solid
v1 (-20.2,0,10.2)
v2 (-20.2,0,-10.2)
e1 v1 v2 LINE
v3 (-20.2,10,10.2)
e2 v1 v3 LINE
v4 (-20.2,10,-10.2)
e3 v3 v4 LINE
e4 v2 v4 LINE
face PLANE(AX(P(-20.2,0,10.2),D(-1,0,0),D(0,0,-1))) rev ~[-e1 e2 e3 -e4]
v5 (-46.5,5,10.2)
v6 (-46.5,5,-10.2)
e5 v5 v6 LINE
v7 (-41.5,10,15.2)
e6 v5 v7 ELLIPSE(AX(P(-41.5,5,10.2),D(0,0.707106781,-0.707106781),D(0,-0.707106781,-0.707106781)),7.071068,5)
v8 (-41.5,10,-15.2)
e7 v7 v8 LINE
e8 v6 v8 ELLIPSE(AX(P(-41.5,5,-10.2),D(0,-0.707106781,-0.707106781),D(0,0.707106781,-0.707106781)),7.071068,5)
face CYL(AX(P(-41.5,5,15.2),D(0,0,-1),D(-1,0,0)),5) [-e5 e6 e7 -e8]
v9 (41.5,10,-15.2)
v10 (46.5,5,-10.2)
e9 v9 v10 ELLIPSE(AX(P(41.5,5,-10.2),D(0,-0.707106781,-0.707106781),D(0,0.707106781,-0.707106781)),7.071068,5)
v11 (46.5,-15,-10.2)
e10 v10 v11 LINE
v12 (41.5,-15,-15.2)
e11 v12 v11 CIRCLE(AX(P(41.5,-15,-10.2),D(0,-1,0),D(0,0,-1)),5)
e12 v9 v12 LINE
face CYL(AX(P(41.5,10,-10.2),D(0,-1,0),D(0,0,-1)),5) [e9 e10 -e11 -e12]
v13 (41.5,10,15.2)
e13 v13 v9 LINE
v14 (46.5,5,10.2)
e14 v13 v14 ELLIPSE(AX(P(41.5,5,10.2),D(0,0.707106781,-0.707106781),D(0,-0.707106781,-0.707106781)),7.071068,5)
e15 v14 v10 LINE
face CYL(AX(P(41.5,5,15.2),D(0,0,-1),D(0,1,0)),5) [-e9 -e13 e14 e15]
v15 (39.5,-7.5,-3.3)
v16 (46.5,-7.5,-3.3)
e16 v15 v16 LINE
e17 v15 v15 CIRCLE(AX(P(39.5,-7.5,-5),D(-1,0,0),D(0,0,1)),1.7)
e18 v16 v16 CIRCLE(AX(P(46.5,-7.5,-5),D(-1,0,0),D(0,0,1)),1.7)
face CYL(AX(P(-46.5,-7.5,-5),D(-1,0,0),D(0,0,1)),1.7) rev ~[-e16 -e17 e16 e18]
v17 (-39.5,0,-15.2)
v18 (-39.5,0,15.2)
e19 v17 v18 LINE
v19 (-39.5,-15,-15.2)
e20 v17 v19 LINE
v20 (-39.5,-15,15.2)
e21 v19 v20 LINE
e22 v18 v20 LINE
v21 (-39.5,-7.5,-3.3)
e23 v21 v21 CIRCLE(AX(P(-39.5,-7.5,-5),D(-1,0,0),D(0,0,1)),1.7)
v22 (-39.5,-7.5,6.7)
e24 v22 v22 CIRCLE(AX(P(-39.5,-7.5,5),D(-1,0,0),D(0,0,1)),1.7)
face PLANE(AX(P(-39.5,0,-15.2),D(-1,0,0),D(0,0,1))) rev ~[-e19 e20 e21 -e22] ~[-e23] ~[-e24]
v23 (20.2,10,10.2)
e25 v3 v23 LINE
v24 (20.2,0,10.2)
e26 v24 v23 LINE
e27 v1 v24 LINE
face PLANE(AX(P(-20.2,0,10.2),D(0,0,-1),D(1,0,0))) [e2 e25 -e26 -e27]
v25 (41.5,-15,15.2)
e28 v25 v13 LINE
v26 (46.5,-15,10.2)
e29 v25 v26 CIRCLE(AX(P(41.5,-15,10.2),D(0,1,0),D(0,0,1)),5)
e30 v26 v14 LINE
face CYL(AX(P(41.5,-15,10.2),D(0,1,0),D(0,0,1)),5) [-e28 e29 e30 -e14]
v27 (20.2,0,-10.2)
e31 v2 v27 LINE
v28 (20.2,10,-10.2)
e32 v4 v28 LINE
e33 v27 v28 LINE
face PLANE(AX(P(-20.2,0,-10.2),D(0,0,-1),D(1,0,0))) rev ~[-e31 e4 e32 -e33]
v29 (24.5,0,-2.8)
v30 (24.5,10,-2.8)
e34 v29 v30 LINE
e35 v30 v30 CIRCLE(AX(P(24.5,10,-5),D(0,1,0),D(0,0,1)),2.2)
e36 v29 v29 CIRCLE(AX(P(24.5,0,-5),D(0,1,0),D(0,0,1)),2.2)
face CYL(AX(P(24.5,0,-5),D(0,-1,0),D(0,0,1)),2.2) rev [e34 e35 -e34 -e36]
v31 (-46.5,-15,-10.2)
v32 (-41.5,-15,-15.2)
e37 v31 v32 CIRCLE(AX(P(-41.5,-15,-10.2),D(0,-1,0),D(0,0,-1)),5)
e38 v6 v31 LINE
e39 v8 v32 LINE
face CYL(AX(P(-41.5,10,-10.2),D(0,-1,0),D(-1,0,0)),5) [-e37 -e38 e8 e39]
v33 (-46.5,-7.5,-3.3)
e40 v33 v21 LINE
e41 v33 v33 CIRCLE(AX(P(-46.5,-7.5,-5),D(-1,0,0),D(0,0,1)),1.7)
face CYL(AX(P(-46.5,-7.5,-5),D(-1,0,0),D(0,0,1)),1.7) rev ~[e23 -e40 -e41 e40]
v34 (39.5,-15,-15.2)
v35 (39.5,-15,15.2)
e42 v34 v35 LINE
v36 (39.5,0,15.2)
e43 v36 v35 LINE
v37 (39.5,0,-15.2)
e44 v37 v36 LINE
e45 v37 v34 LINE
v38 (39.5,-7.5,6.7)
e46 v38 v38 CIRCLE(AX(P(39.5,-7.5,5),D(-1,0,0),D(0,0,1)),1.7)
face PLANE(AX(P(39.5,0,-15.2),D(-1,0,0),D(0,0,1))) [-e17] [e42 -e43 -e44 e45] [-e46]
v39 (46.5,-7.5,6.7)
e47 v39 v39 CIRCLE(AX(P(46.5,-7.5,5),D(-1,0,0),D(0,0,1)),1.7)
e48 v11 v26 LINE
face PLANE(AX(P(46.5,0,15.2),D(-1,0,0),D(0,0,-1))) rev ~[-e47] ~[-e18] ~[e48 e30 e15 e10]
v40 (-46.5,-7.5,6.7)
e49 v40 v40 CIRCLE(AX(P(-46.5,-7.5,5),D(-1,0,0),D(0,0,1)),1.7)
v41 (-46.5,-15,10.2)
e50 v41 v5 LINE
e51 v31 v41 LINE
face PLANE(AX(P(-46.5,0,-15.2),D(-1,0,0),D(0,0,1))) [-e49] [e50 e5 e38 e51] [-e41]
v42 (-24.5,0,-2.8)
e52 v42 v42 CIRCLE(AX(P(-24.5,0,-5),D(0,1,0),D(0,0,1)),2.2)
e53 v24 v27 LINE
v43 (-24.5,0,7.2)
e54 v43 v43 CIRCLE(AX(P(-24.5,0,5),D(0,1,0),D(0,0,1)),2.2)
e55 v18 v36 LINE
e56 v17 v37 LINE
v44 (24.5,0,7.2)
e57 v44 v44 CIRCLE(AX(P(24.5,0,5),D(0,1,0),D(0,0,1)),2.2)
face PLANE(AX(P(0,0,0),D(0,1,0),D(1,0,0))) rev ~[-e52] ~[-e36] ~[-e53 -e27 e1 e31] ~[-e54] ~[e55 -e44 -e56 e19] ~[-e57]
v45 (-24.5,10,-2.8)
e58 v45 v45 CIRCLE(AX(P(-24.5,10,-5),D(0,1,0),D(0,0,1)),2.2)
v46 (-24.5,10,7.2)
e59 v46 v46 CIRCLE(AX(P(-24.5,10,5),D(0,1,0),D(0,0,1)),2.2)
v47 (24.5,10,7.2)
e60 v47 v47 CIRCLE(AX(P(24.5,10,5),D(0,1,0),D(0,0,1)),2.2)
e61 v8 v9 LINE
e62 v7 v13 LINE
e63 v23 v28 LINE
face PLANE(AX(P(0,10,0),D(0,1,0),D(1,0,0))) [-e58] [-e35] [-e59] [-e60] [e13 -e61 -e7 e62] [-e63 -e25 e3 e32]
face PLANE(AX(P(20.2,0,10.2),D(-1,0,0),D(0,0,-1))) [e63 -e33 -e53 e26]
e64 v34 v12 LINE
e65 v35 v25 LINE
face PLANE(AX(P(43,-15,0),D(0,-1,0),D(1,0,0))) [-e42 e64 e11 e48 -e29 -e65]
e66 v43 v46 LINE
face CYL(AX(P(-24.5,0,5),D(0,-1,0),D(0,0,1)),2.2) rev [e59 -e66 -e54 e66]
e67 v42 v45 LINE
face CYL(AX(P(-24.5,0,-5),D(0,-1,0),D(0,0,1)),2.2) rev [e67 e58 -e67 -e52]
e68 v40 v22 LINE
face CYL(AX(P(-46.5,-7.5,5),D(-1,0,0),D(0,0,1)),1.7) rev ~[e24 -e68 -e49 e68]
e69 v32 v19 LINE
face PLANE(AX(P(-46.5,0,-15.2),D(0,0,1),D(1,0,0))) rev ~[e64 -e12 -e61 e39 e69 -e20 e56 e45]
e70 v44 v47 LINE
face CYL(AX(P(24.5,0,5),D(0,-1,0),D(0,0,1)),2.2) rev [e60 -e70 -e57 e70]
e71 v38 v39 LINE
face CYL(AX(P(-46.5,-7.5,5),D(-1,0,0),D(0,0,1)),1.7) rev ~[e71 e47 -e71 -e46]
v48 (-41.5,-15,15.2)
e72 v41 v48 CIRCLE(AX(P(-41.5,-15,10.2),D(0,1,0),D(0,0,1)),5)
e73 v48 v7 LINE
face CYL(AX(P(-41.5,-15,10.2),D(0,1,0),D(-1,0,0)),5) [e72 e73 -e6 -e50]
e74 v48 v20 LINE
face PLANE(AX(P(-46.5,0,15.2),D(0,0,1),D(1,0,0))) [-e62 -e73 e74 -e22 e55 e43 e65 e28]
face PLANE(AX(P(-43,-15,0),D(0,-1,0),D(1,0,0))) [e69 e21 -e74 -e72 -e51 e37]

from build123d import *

# Parameters (mm, degrees)
SKETCH_1_W          = 93
SKETCH_1_H          = 30.4
SKETCH_1_R          = 2.2
SKETCH_1_W_2        = 40.4
SKETCH_1_H_2        = 20.4
EXTRUDE_1_DEPTH     = 10
SKETCH_2_W          = 7
SKETCH_2_H          = 30.4
EXTRUDE_2_DEPTH     = 15
SKETCH_4_R          = 1.7
CUT_EXTRUDE_2_DEPTH = 96.420333263
FILLET_1_R          = 5


with BuildPart() as part:
    # 草图1 → 凸台-拉伸1 (new body)
    with BuildSketch(Plane(origin=(0, 0, 0), x_dir=(1, 0, 0), z_dir=(0, 1, 0))):
        Rectangle(SKETCH_1_W, SKETCH_1_H)
        with Locations(Location((-24.5, 5, 0), (0, 0, 270))):
            Circle(SKETCH_1_R, mode=Mode.SUBTRACT)
        with Locations(Location((-24.5, -5, 0), (0, 0, 270))):
            Circle(SKETCH_1_R, mode=Mode.SUBTRACT)
        with Locations(Location((24.5, -5, 0), (0, 0, 270))):
            Circle(SKETCH_1_R, mode=Mode.SUBTRACT)
        with Locations(Location((24.5, 5, 0), (0, 0, 270))):
            Circle(SKETCH_1_R, mode=Mode.SUBTRACT)
        Rectangle(SKETCH_1_W_2, SKETCH_1_H_2, mode=Mode.SUBTRACT)
    extrude(amount=EXTRUDE_1_DEPTH)

    # 草图2 → 凸台-拉伸2 (add)
    with BuildSketch(Plane.XZ):
        with Locations((-43, 0)):
            Rectangle(SKETCH_2_W, SKETCH_2_H)
        with Locations((43, 0)):
            Rectangle(SKETCH_2_W, SKETCH_2_H)
    extrude(amount=EXTRUDE_2_DEPTH)

    # 草图4 → 切除-拉伸2 (cut, through all)
    with BuildSketch(Plane.ZY.offset(46.5)):
        with Locations((-5, -7.5)):
            Circle(SKETCH_4_R)
        with Locations((5, -7.5)):
            Circle(SKETCH_4_R)
    extrude(amount=-CUT_EXTRUDE_2_DEPTH, mode=Mode.SUBTRACT)

    # 圆角1
    fillet_1_edges = [part.edges().sort_by_distance(p)[0] for p in [
        (46.5, 10, 0),
        (-46.5, 10, 0),
        (-46.5, -2.5, -15.2),
        (46.5, -2.5, -15.2),
        (46.5, -2.5, 15.2),
        (-46.5, -2.5, 15.2),
    ]]
    fillet(fillet_1_edges, radius=FILLET_1_R)


solid = part.part
